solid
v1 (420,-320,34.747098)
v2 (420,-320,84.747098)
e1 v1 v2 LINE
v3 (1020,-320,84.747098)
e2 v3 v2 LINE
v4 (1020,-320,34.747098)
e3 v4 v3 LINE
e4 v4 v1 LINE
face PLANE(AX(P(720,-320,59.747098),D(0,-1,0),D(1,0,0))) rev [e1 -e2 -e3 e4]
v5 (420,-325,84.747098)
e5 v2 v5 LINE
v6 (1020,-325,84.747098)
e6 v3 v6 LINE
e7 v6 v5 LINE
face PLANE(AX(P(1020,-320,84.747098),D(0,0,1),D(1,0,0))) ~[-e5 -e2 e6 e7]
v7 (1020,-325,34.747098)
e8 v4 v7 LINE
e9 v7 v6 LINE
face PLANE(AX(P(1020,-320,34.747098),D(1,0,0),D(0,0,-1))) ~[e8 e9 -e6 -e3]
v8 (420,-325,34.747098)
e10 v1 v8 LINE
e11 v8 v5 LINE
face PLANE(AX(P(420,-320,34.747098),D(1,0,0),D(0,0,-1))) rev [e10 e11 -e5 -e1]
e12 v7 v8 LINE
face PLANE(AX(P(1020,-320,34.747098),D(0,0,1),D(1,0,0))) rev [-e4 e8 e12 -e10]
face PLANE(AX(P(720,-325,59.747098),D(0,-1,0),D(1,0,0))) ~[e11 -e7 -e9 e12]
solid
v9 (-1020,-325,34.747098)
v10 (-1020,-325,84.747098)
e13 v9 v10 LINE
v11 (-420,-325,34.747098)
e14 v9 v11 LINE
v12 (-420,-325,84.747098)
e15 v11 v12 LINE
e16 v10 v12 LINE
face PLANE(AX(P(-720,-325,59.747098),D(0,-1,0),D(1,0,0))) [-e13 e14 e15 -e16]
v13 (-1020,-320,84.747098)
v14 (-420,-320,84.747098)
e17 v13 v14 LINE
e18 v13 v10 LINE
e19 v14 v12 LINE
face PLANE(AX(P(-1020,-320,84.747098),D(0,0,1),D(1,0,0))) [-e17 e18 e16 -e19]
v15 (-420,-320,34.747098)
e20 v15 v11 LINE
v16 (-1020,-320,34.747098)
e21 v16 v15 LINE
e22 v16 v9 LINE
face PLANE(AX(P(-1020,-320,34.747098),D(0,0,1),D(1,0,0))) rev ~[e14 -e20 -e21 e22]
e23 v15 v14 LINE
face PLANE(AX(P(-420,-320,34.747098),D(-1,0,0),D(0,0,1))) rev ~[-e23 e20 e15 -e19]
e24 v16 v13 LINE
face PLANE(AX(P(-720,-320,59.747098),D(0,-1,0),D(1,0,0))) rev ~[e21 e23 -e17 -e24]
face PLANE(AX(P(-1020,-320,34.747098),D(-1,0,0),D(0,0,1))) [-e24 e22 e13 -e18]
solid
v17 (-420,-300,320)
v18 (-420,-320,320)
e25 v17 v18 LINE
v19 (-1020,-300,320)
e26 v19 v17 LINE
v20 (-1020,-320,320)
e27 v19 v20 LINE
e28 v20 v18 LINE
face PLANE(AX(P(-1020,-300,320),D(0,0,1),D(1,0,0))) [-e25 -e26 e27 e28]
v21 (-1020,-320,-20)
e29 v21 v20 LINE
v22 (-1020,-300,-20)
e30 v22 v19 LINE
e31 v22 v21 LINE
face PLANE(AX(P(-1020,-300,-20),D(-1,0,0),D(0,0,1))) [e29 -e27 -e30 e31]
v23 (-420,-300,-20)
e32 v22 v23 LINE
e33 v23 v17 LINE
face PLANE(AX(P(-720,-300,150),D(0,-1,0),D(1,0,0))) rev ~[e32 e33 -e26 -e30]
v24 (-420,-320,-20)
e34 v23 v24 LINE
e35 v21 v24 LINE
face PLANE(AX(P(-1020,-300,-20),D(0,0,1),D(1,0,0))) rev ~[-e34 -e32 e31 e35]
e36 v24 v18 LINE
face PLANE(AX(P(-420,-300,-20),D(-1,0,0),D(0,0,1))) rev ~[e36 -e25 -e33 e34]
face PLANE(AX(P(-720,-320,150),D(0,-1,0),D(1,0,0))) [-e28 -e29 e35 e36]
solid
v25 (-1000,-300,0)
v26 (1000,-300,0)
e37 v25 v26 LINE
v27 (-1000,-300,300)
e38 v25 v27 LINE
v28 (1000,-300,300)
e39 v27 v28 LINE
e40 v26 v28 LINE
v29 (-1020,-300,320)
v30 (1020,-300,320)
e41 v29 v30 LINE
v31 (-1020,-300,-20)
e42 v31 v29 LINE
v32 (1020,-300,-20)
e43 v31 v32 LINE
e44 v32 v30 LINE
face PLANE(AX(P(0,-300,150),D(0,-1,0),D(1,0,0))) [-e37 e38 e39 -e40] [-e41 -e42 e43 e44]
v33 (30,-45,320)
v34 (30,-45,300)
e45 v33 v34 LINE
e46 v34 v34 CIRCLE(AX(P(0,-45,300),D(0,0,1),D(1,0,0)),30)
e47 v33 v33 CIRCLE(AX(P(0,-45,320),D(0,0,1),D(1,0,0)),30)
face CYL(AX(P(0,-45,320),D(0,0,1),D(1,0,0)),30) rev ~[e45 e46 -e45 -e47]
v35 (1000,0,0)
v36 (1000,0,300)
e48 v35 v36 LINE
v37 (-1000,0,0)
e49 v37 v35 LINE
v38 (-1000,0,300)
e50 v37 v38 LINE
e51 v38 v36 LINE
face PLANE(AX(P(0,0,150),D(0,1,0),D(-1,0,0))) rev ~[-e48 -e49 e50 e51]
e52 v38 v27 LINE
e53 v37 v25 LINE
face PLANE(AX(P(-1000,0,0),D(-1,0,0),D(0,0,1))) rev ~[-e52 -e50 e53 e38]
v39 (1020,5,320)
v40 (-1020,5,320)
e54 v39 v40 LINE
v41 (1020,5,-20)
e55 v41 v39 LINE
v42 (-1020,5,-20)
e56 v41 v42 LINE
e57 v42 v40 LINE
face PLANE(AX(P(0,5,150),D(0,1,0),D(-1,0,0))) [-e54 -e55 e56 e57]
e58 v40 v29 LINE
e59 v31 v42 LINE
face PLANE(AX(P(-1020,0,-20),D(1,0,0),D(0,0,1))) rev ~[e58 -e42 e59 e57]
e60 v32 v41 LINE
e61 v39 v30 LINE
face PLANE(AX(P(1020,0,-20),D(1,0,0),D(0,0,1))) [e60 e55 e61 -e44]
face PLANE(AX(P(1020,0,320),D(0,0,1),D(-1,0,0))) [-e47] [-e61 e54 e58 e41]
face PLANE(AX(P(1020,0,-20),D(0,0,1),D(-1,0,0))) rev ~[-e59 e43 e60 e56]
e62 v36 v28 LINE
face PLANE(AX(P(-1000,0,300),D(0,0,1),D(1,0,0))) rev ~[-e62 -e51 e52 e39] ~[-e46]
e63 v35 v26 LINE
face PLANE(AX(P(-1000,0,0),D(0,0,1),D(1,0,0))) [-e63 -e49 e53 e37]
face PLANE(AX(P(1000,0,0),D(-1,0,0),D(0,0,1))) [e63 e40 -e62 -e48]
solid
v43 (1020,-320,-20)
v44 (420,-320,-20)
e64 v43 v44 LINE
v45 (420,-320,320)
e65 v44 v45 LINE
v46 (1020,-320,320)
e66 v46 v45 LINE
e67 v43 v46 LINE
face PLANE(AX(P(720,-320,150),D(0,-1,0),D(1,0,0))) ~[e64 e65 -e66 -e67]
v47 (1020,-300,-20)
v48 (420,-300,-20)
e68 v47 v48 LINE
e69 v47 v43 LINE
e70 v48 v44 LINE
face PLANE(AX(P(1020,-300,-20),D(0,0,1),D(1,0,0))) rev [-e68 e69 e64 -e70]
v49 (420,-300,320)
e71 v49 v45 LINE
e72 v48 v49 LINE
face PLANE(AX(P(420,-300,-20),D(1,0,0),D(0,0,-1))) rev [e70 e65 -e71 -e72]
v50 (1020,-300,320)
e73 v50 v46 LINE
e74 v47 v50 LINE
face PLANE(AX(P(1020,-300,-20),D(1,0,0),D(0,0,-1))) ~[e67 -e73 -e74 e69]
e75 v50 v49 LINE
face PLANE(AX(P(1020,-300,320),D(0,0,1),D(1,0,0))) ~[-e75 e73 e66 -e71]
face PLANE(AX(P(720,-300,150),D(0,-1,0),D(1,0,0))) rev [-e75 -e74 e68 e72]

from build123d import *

# Parameters (mm, degrees)
F0_W      = 2040
F0_H      = 340
F0_W_2    = 2000
F0_H_2    = 300
F1_DEPTH  = 300
F2_W      = 2040
F2_H      = 340
F3_DEPTH  = 5
F4_W      = 600
F4_H      = 340
F5_DEPTH  = 20
F7_W      = 600
F7_H      = 50
F8_DEPTH  = 5
F10_R     = 30
F11_DEPTH = 50


with BuildPart() as f1:
    # F0 (on Front) → F1 (new body)
    with BuildSketch(Plane.XZ):
        with Locations((0, 150)):
            Rectangle(F0_W, F0_H)
        with Locations((0, 150)):
            Rectangle(F0_W_2, F0_H_2, mode=Mode.SUBTRACT)
    extrude(amount=F1_DEPTH)

    # F2 (on face) → F3 (join)
    with BuildSketch(Plane(origin=(0, 0, 0), x_dir=(-1, 0, 0), z_dir=(0, 1, 0))):
        with Locations((0, 150)):
            Rectangle(F2_W, F2_H)
    extrude(amount=F3_DEPTH)

    # F10 (on face) → F11 (cut)
    with BuildSketch(Plane.XY.offset(320)):
        with Locations((0, -45)):
            Circle(F10_R)
    extrude(amount=-F11_DEPTH, mode=Mode.SUBTRACT)


with BuildPart() as f5:
    # F4 (on face) → F5 (new body)
    with BuildSketch(Plane.XZ.offset(300)):
        with Locations((-720, 150)):
            Rectangle(F4_W, F4_H)
    extrude(amount=F5_DEPTH)


with BuildPart() as f6_1:
    # F6: instance of F5
    add(f5.part.mirror(Plane.YZ))


with BuildPart() as f8:
    # F7 (on face) → F8 (new body)
    with BuildSketch(Plane.XZ.offset(320)):
        with Locations((-720, 59.747098)):
            Rectangle(F7_W, F7_H)
    extrude(amount=F8_DEPTH)


with BuildPart() as f9_1:
    # F9: instance of F8
    add(f8.part.mirror(Plane.YZ))


solid = Compound([f1.part, f5.part, f6_1.part, f8.part, f9_1.part])
